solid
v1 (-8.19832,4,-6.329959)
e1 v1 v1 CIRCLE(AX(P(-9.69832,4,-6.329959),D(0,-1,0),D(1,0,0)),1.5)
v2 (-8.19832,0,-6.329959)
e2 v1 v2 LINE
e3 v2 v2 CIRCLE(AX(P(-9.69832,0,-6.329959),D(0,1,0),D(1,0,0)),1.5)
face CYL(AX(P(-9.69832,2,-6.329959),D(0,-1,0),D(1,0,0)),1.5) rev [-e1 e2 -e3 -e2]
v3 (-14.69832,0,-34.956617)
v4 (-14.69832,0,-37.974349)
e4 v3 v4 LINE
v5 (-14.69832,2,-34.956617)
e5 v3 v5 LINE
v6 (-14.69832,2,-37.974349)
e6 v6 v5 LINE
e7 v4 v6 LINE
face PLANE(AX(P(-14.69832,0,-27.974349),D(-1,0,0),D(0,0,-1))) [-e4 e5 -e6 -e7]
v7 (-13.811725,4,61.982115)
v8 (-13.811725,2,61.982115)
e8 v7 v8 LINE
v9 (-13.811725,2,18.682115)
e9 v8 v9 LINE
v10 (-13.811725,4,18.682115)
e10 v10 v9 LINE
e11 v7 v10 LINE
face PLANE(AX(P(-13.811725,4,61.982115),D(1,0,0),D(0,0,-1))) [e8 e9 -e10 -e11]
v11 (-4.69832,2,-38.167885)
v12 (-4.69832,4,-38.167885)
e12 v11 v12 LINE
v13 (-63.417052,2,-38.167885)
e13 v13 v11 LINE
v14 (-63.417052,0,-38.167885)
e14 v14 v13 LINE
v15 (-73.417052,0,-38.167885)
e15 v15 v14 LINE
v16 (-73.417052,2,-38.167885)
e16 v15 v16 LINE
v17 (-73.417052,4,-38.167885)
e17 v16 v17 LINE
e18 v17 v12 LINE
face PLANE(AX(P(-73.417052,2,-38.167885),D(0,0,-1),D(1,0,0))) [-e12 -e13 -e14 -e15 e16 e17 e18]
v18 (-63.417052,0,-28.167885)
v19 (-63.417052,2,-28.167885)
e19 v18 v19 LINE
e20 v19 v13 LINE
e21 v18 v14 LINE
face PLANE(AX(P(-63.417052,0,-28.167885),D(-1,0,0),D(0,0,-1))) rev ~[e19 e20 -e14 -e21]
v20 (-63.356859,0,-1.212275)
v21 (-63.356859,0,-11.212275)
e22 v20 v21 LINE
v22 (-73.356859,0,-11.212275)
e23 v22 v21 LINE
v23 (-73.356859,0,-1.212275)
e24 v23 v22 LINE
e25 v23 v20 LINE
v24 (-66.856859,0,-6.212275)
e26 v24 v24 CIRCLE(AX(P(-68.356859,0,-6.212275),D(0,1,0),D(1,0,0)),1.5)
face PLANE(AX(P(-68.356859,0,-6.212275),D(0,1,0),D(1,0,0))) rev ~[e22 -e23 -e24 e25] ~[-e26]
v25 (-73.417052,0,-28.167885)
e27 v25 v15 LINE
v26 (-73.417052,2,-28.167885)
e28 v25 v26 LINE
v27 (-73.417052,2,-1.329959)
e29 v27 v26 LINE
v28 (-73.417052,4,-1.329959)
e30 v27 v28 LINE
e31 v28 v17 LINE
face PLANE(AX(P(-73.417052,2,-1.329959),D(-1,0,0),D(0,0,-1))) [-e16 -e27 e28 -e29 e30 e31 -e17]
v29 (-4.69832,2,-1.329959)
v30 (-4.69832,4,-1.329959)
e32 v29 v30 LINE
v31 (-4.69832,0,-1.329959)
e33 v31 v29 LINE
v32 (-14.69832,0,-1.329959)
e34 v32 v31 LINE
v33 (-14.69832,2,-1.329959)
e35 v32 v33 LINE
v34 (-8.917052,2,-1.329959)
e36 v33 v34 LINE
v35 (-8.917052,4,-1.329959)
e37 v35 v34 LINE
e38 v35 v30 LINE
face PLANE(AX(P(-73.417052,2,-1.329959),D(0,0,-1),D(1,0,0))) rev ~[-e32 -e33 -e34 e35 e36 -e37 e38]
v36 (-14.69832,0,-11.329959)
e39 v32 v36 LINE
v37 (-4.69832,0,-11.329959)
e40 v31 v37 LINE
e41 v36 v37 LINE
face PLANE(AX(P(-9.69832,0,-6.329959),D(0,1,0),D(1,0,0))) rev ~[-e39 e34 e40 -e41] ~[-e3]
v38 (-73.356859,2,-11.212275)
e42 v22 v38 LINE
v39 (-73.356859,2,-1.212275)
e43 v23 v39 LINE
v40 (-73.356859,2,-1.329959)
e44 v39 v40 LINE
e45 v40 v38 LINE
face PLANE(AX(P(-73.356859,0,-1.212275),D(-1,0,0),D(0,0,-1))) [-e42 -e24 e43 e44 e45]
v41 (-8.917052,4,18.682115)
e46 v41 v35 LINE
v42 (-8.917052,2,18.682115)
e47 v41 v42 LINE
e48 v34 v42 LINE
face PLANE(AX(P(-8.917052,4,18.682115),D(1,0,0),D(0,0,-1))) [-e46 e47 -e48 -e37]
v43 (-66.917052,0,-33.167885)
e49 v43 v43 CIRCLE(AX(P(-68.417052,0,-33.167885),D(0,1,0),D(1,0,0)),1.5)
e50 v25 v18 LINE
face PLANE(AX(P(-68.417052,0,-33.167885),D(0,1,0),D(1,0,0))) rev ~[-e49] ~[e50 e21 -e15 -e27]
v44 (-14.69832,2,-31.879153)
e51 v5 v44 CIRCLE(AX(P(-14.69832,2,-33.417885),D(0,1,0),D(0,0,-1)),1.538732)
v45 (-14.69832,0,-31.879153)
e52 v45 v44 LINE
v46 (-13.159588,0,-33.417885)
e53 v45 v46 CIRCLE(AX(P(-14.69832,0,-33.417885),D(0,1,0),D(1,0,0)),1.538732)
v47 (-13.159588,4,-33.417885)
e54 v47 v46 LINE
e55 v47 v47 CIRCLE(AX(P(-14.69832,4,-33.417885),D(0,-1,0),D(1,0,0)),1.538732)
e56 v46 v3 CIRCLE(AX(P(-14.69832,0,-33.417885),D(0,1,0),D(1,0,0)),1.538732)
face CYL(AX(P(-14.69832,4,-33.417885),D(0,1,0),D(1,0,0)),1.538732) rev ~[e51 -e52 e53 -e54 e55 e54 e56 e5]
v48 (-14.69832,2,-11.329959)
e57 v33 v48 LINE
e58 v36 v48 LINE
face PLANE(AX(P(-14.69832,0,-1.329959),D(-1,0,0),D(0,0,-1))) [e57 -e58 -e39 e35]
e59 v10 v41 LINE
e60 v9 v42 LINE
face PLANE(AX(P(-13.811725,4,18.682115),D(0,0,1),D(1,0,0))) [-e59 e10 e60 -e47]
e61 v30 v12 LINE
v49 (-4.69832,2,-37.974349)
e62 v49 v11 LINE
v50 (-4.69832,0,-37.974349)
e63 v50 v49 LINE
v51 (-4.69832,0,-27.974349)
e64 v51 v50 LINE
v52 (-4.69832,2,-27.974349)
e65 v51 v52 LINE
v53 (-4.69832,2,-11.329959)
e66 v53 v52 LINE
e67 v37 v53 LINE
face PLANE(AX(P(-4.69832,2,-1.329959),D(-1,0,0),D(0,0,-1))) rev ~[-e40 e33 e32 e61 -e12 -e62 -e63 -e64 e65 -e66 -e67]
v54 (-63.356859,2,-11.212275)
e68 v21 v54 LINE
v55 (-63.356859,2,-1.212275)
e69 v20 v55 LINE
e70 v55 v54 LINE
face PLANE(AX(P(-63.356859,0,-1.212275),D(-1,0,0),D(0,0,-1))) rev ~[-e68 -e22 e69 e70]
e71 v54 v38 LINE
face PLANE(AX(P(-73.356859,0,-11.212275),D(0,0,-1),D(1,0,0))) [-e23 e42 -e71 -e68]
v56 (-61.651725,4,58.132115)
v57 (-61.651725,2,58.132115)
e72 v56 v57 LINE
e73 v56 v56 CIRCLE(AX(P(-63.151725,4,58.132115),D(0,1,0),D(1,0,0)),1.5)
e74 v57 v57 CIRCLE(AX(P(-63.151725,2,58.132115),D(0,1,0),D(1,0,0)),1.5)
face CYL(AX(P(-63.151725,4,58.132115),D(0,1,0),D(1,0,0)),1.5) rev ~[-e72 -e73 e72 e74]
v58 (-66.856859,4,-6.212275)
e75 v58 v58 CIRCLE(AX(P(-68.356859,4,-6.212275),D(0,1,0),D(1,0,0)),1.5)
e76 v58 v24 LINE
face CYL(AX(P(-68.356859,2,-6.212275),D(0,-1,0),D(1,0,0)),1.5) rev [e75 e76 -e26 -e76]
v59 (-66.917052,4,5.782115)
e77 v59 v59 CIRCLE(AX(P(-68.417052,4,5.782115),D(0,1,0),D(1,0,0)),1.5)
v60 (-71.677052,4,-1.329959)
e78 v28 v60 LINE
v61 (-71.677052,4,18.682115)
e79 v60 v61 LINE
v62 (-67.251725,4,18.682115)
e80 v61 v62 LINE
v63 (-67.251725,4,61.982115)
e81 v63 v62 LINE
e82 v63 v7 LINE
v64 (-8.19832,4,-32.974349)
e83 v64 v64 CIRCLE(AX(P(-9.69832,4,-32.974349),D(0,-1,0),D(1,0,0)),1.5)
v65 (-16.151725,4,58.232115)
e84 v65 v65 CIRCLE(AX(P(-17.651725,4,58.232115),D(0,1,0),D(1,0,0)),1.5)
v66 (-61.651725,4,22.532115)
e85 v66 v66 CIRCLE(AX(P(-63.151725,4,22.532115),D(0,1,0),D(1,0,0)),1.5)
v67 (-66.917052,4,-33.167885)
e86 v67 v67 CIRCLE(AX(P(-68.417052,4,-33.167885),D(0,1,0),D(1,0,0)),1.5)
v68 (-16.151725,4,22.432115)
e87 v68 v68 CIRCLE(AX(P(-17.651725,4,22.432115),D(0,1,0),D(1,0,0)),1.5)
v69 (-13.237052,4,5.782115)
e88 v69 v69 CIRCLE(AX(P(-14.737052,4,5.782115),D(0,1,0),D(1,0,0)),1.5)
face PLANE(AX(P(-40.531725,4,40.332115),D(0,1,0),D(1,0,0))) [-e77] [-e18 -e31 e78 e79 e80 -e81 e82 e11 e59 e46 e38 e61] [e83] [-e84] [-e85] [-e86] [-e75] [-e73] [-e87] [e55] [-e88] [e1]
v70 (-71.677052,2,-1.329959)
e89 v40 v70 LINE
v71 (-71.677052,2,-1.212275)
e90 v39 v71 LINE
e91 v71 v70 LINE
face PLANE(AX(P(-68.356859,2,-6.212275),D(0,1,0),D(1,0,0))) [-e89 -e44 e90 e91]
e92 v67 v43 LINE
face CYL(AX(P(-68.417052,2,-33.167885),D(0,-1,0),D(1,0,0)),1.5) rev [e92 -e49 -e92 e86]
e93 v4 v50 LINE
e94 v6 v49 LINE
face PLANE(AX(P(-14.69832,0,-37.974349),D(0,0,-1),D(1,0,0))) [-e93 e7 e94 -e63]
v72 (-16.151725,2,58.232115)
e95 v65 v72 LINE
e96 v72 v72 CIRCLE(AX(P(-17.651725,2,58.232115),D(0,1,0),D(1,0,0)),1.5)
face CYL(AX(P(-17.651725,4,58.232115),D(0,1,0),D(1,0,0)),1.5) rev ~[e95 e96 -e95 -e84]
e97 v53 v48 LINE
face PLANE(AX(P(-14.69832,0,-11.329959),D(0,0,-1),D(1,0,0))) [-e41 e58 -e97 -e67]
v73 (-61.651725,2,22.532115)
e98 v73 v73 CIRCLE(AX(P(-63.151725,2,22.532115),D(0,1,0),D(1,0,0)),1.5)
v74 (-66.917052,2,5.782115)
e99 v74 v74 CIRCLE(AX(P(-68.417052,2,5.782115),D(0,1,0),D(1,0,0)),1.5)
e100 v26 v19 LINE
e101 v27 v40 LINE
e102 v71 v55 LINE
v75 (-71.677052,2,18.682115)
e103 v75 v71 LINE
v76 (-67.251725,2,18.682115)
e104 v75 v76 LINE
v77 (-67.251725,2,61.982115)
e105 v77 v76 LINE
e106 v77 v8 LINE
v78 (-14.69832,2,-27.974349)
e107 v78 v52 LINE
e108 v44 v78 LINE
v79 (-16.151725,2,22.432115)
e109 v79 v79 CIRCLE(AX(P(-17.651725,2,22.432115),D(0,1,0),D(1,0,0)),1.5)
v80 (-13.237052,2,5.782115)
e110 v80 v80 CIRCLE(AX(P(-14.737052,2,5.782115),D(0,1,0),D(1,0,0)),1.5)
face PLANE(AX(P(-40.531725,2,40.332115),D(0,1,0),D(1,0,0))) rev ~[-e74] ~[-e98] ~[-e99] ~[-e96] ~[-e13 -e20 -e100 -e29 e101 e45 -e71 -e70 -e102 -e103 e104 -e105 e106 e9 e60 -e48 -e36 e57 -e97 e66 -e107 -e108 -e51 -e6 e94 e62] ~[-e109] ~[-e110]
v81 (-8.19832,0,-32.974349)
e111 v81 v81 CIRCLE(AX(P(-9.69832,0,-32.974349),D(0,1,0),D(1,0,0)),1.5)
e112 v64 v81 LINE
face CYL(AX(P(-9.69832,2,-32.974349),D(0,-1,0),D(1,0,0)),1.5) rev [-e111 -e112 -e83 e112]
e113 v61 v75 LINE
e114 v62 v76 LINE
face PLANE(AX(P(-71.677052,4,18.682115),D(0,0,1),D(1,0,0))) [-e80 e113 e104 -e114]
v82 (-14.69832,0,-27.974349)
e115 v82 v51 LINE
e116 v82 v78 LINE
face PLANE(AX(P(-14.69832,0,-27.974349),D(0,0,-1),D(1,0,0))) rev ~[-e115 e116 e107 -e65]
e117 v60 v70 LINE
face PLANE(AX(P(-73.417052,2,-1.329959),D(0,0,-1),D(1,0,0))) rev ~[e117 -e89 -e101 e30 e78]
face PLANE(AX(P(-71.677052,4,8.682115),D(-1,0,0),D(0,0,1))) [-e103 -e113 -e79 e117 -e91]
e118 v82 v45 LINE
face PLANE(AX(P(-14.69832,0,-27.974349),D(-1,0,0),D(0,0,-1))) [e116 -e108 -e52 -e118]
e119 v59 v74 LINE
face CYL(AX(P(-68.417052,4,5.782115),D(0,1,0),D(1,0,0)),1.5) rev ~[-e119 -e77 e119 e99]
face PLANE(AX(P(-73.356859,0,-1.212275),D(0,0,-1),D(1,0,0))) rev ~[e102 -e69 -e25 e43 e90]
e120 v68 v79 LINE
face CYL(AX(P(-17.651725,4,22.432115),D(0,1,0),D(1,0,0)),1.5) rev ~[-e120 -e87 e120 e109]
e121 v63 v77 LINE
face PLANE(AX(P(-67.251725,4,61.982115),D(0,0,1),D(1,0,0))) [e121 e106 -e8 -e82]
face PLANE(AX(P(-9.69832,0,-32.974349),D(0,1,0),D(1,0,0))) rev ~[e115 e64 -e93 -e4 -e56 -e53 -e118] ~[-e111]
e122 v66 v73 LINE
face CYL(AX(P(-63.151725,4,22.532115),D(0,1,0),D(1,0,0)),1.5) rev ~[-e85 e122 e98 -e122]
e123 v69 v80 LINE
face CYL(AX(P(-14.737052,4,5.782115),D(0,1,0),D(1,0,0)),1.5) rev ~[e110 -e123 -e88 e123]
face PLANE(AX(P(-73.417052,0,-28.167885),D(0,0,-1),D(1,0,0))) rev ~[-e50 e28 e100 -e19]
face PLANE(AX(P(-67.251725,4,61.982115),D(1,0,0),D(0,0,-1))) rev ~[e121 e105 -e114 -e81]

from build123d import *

# Parameters (mm, degrees)
SKETCH1_W             = 10
SKETCH1_H             = 10
SKETCH1_R             = 1.5
BOSS_EXTRUDE1_DEPTH   = 2
BOSS_EXTRUDE1_2_DEPTH = 2
BOSS_EXTRUDE1_3_DEPTH = 2
BOSS_EXTRUDE1_4_DEPTH = 2
SKETCH2_W             = 68.718732211
SKETCH2_H             = 36.837925628
SKETCH2_R             = 1.5
BOSS_EXTRUDE2_DEPTH   = 2
SKETCH3_W             = 62.76
SKETCH3_H             = 45
SKETCH3_R             = 1.5
BOSS_EXTRUDE3_DEPTH   = 2
SKETCH4_R             = 1.5
CUT_EXTRUDE1_DEPTH    = 2
SKETCH5_R             = 1.5
CUT_EXTRUDE2_DEPTH    = 2
SKETCH6_R             = 1.538732211
CUT_EXTRUDE3_DEPTH    = 4
SKETCH7_W             = 53.44
SKETCH7_H             = 43.3
SKETCH7_R             = 1.5
BOSS_EXTRUDE4_DEPTH   = 2


with BuildPart() as part:
    # Sketch1 → Boss-Extrude1 (new body)
    with BuildSketch(Plane(origin=(0, 0, 0), x_dir=(1, 0, 0), z_dir=(0, 1, 0))):
        with Locations((-68.417052022, 33.167885028)):
            Rectangle(SKETCH1_W, SKETCH1_H)
        with Locations((-68.417052022, 33.167885028)):
            Circle(SKETCH1_R, mode=Mode.SUBTRACT)
    extrude(amount=BOSS_EXTRUDE1_DEPTH)



with BuildPart() as body_2:
    # Sketch1 → Boss-Extrude1 2 (new body)
    with BuildSketch(Plane(origin=(0, 0, 0), x_dir=(1, 0, 0), z_dir=(0, 1, 0))):
        with Locations((-68.356859369, 6.212274972)):
            Rectangle(SKETCH1_W, SKETCH1_H)
        with Locations((-68.356859369, 6.212274972)):
            Circle(SKETCH1_R, mode=Mode.SUBTRACT)
    extrude(amount=BOSS_EXTRUDE1_2_DEPTH)


with BuildPart() as body_3:
    # Sketch1 → Boss-Extrude1 3 (new body)
    with BuildSketch(Plane(origin=(0, 0, 0), x_dir=(1, 0, 0), z_dir=(0, 1, 0))):
        with Locations((-9.698319811, 6.3299594)):
            Rectangle(SKETCH1_W, SKETCH1_H)
        with Locations((-9.698319811, 6.3299594)):
            Circle(SKETCH1_R, mode=Mode.SUBTRACT)
    extrude(amount=BOSS_EXTRUDE1_3_DEPTH)


with BuildPart() as body_4:
    # Sketch1 → Boss-Extrude1 4 (new body)
    with BuildSketch(Plane(origin=(0, 0, 0), x_dir=(1, 0, 0), z_dir=(0, 1, 0))):
        with Locations((-9.698319811, 32.974349344)):
            Rectangle(SKETCH1_W, SKETCH1_H)
        with Locations((-9.698319811, 32.974349344)):
            Circle(SKETCH1_R, mode=Mode.SUBTRACT)
    extrude(amount=BOSS_EXTRUDE1_4_DEPTH)


with BuildPart() as part_1:
    add(part.part)

    add(body_2.part)  # Boss-Extrude2 merges body 2

    add(body_3.part)  # Boss-Extrude2 merges body 3

    add(body_4.part)  # Boss-Extrude2 merges body 4
    # Sketch2 → Boss-Extrude2 (add)
    with BuildSketch(Plane(origin=(0, 2, 0), x_dir=(1, 0, 0), z_dir=(0, 1, 0))):
        with Locations((-39.057685917, 19.748922214)):
            Rectangle(SKETCH2_W, SKETCH2_H)
        with Locations((-68.417052022, 33.167885028)):
            Circle(SKETCH2_R, mode=Mode.SUBTRACT)
        with Locations((-9.698319811, 32.974349344)):
            Circle(SKETCH2_R, mode=Mode.SUBTRACT)
        with Locations((-9.698319811, 6.3299594)):
            Circle(SKETCH2_R, mode=Mode.SUBTRACT)
        with Locations((-68.356859369, 6.212274972)):
            Circle(SKETCH2_R, mode=Mode.SUBTRACT)
    extrude(amount=BOSS_EXTRUDE2_DEPTH)

    # Sketch3 → Boss-Extrude3 (add)
    with BuildSketch(Plane(origin=(0, 4, 0), x_dir=(1, 0, 0), z_dir=(0, 1, 0))):
        with Locations((-40.297052022, 13.817885028)):
            Rectangle(SKETCH3_W, SKETCH3_H)
        with Locations((-68.417052022, 33.167885028)):
            Circle(SKETCH3_R, mode=Mode.SUBTRACT)
        with Locations((-68.356859369, 6.212274972)):
            Circle(SKETCH3_R, mode=Mode.SUBTRACT)
    extrude(amount=-BOSS_EXTRUDE3_DEPTH)

    # Sketch4 → Cut-Extrude1 (cut)
    with BuildSketch(Plane(origin=(0, 4, 0), x_dir=(1, 0, 0), z_dir=(0, 1, 0))):
        with Locations((-9.698319811, 6.3299594)):
            Circle(SKETCH4_R)
        with Locations((-9.698319811, 32.974349344)):
            Circle(SKETCH4_R)
    extrude(amount=-CUT_EXTRUDE1_DEPTH, mode=Mode.SUBTRACT)

    # Sketch5 → Cut-Extrude2 (cut)
    with BuildSketch(Plane(origin=(0, 4, 0), x_dir=(1, 0, 0), z_dir=(0, 1, 0))):
        with Locations((-68.417052022, -5.782114972)):
            Circle(SKETCH5_R)
        with Locations((-14.737052022, -5.782114972)):
            Circle(SKETCH5_R)
        with Locations((-14.737052022, 33.417885028)):
            Circle(SKETCH5_R)
    extrude(amount=-CUT_EXTRUDE2_DEPTH, mode=Mode.SUBTRACT)

    # Sketch6 → Cut-Extrude3 (cut)
    with BuildSketch(Plane(origin=(0, 4, 0), x_dir=(1, 0, 0), z_dir=(0, 1, 0))):
        with Locations((-14.698319811, 33.417885028)):
            Circle(SKETCH6_R)
    extrude(amount=-CUT_EXTRUDE3_DEPTH, mode=Mode.SUBTRACT)

    # Sketch7 → Boss-Extrude4 (add)
    with BuildSketch(Plane(origin=(0, 4, 0), x_dir=(1, 0, 0), z_dir=(0, 1, 0))):
        with Locations((-40.531724845, -40.332114972)):
            Rectangle(SKETCH7_W, SKETCH7_H)
        with Locations((-63.151724845, -22.532114972)):
            Circle(SKETCH7_R, mode=Mode.SUBTRACT)
        with Locations((-63.151724845, -58.132114972)):
            Circle(SKETCH7_R, mode=Mode.SUBTRACT)
        with Locations((-17.651724845, -58.232114972)):
            Circle(SKETCH7_R, mode=Mode.SUBTRACT)
        with Locations((-17.651724845, -22.432114972)):
            Circle(SKETCH7_R, mode=Mode.SUBTRACT)
        Polygon((-71.677052022, -18.682114972), (-67.251724845, -18.682114972), (-13.811724845, -18.682114972), (-8.917052022, -18.682114972), (-8.917052022, -8.682114972), (-71.677052022, -8.682114972), align=None)
    extrude(amount=-BOSS_EXTRUDE4_DEPTH)


solid = part_1.part
